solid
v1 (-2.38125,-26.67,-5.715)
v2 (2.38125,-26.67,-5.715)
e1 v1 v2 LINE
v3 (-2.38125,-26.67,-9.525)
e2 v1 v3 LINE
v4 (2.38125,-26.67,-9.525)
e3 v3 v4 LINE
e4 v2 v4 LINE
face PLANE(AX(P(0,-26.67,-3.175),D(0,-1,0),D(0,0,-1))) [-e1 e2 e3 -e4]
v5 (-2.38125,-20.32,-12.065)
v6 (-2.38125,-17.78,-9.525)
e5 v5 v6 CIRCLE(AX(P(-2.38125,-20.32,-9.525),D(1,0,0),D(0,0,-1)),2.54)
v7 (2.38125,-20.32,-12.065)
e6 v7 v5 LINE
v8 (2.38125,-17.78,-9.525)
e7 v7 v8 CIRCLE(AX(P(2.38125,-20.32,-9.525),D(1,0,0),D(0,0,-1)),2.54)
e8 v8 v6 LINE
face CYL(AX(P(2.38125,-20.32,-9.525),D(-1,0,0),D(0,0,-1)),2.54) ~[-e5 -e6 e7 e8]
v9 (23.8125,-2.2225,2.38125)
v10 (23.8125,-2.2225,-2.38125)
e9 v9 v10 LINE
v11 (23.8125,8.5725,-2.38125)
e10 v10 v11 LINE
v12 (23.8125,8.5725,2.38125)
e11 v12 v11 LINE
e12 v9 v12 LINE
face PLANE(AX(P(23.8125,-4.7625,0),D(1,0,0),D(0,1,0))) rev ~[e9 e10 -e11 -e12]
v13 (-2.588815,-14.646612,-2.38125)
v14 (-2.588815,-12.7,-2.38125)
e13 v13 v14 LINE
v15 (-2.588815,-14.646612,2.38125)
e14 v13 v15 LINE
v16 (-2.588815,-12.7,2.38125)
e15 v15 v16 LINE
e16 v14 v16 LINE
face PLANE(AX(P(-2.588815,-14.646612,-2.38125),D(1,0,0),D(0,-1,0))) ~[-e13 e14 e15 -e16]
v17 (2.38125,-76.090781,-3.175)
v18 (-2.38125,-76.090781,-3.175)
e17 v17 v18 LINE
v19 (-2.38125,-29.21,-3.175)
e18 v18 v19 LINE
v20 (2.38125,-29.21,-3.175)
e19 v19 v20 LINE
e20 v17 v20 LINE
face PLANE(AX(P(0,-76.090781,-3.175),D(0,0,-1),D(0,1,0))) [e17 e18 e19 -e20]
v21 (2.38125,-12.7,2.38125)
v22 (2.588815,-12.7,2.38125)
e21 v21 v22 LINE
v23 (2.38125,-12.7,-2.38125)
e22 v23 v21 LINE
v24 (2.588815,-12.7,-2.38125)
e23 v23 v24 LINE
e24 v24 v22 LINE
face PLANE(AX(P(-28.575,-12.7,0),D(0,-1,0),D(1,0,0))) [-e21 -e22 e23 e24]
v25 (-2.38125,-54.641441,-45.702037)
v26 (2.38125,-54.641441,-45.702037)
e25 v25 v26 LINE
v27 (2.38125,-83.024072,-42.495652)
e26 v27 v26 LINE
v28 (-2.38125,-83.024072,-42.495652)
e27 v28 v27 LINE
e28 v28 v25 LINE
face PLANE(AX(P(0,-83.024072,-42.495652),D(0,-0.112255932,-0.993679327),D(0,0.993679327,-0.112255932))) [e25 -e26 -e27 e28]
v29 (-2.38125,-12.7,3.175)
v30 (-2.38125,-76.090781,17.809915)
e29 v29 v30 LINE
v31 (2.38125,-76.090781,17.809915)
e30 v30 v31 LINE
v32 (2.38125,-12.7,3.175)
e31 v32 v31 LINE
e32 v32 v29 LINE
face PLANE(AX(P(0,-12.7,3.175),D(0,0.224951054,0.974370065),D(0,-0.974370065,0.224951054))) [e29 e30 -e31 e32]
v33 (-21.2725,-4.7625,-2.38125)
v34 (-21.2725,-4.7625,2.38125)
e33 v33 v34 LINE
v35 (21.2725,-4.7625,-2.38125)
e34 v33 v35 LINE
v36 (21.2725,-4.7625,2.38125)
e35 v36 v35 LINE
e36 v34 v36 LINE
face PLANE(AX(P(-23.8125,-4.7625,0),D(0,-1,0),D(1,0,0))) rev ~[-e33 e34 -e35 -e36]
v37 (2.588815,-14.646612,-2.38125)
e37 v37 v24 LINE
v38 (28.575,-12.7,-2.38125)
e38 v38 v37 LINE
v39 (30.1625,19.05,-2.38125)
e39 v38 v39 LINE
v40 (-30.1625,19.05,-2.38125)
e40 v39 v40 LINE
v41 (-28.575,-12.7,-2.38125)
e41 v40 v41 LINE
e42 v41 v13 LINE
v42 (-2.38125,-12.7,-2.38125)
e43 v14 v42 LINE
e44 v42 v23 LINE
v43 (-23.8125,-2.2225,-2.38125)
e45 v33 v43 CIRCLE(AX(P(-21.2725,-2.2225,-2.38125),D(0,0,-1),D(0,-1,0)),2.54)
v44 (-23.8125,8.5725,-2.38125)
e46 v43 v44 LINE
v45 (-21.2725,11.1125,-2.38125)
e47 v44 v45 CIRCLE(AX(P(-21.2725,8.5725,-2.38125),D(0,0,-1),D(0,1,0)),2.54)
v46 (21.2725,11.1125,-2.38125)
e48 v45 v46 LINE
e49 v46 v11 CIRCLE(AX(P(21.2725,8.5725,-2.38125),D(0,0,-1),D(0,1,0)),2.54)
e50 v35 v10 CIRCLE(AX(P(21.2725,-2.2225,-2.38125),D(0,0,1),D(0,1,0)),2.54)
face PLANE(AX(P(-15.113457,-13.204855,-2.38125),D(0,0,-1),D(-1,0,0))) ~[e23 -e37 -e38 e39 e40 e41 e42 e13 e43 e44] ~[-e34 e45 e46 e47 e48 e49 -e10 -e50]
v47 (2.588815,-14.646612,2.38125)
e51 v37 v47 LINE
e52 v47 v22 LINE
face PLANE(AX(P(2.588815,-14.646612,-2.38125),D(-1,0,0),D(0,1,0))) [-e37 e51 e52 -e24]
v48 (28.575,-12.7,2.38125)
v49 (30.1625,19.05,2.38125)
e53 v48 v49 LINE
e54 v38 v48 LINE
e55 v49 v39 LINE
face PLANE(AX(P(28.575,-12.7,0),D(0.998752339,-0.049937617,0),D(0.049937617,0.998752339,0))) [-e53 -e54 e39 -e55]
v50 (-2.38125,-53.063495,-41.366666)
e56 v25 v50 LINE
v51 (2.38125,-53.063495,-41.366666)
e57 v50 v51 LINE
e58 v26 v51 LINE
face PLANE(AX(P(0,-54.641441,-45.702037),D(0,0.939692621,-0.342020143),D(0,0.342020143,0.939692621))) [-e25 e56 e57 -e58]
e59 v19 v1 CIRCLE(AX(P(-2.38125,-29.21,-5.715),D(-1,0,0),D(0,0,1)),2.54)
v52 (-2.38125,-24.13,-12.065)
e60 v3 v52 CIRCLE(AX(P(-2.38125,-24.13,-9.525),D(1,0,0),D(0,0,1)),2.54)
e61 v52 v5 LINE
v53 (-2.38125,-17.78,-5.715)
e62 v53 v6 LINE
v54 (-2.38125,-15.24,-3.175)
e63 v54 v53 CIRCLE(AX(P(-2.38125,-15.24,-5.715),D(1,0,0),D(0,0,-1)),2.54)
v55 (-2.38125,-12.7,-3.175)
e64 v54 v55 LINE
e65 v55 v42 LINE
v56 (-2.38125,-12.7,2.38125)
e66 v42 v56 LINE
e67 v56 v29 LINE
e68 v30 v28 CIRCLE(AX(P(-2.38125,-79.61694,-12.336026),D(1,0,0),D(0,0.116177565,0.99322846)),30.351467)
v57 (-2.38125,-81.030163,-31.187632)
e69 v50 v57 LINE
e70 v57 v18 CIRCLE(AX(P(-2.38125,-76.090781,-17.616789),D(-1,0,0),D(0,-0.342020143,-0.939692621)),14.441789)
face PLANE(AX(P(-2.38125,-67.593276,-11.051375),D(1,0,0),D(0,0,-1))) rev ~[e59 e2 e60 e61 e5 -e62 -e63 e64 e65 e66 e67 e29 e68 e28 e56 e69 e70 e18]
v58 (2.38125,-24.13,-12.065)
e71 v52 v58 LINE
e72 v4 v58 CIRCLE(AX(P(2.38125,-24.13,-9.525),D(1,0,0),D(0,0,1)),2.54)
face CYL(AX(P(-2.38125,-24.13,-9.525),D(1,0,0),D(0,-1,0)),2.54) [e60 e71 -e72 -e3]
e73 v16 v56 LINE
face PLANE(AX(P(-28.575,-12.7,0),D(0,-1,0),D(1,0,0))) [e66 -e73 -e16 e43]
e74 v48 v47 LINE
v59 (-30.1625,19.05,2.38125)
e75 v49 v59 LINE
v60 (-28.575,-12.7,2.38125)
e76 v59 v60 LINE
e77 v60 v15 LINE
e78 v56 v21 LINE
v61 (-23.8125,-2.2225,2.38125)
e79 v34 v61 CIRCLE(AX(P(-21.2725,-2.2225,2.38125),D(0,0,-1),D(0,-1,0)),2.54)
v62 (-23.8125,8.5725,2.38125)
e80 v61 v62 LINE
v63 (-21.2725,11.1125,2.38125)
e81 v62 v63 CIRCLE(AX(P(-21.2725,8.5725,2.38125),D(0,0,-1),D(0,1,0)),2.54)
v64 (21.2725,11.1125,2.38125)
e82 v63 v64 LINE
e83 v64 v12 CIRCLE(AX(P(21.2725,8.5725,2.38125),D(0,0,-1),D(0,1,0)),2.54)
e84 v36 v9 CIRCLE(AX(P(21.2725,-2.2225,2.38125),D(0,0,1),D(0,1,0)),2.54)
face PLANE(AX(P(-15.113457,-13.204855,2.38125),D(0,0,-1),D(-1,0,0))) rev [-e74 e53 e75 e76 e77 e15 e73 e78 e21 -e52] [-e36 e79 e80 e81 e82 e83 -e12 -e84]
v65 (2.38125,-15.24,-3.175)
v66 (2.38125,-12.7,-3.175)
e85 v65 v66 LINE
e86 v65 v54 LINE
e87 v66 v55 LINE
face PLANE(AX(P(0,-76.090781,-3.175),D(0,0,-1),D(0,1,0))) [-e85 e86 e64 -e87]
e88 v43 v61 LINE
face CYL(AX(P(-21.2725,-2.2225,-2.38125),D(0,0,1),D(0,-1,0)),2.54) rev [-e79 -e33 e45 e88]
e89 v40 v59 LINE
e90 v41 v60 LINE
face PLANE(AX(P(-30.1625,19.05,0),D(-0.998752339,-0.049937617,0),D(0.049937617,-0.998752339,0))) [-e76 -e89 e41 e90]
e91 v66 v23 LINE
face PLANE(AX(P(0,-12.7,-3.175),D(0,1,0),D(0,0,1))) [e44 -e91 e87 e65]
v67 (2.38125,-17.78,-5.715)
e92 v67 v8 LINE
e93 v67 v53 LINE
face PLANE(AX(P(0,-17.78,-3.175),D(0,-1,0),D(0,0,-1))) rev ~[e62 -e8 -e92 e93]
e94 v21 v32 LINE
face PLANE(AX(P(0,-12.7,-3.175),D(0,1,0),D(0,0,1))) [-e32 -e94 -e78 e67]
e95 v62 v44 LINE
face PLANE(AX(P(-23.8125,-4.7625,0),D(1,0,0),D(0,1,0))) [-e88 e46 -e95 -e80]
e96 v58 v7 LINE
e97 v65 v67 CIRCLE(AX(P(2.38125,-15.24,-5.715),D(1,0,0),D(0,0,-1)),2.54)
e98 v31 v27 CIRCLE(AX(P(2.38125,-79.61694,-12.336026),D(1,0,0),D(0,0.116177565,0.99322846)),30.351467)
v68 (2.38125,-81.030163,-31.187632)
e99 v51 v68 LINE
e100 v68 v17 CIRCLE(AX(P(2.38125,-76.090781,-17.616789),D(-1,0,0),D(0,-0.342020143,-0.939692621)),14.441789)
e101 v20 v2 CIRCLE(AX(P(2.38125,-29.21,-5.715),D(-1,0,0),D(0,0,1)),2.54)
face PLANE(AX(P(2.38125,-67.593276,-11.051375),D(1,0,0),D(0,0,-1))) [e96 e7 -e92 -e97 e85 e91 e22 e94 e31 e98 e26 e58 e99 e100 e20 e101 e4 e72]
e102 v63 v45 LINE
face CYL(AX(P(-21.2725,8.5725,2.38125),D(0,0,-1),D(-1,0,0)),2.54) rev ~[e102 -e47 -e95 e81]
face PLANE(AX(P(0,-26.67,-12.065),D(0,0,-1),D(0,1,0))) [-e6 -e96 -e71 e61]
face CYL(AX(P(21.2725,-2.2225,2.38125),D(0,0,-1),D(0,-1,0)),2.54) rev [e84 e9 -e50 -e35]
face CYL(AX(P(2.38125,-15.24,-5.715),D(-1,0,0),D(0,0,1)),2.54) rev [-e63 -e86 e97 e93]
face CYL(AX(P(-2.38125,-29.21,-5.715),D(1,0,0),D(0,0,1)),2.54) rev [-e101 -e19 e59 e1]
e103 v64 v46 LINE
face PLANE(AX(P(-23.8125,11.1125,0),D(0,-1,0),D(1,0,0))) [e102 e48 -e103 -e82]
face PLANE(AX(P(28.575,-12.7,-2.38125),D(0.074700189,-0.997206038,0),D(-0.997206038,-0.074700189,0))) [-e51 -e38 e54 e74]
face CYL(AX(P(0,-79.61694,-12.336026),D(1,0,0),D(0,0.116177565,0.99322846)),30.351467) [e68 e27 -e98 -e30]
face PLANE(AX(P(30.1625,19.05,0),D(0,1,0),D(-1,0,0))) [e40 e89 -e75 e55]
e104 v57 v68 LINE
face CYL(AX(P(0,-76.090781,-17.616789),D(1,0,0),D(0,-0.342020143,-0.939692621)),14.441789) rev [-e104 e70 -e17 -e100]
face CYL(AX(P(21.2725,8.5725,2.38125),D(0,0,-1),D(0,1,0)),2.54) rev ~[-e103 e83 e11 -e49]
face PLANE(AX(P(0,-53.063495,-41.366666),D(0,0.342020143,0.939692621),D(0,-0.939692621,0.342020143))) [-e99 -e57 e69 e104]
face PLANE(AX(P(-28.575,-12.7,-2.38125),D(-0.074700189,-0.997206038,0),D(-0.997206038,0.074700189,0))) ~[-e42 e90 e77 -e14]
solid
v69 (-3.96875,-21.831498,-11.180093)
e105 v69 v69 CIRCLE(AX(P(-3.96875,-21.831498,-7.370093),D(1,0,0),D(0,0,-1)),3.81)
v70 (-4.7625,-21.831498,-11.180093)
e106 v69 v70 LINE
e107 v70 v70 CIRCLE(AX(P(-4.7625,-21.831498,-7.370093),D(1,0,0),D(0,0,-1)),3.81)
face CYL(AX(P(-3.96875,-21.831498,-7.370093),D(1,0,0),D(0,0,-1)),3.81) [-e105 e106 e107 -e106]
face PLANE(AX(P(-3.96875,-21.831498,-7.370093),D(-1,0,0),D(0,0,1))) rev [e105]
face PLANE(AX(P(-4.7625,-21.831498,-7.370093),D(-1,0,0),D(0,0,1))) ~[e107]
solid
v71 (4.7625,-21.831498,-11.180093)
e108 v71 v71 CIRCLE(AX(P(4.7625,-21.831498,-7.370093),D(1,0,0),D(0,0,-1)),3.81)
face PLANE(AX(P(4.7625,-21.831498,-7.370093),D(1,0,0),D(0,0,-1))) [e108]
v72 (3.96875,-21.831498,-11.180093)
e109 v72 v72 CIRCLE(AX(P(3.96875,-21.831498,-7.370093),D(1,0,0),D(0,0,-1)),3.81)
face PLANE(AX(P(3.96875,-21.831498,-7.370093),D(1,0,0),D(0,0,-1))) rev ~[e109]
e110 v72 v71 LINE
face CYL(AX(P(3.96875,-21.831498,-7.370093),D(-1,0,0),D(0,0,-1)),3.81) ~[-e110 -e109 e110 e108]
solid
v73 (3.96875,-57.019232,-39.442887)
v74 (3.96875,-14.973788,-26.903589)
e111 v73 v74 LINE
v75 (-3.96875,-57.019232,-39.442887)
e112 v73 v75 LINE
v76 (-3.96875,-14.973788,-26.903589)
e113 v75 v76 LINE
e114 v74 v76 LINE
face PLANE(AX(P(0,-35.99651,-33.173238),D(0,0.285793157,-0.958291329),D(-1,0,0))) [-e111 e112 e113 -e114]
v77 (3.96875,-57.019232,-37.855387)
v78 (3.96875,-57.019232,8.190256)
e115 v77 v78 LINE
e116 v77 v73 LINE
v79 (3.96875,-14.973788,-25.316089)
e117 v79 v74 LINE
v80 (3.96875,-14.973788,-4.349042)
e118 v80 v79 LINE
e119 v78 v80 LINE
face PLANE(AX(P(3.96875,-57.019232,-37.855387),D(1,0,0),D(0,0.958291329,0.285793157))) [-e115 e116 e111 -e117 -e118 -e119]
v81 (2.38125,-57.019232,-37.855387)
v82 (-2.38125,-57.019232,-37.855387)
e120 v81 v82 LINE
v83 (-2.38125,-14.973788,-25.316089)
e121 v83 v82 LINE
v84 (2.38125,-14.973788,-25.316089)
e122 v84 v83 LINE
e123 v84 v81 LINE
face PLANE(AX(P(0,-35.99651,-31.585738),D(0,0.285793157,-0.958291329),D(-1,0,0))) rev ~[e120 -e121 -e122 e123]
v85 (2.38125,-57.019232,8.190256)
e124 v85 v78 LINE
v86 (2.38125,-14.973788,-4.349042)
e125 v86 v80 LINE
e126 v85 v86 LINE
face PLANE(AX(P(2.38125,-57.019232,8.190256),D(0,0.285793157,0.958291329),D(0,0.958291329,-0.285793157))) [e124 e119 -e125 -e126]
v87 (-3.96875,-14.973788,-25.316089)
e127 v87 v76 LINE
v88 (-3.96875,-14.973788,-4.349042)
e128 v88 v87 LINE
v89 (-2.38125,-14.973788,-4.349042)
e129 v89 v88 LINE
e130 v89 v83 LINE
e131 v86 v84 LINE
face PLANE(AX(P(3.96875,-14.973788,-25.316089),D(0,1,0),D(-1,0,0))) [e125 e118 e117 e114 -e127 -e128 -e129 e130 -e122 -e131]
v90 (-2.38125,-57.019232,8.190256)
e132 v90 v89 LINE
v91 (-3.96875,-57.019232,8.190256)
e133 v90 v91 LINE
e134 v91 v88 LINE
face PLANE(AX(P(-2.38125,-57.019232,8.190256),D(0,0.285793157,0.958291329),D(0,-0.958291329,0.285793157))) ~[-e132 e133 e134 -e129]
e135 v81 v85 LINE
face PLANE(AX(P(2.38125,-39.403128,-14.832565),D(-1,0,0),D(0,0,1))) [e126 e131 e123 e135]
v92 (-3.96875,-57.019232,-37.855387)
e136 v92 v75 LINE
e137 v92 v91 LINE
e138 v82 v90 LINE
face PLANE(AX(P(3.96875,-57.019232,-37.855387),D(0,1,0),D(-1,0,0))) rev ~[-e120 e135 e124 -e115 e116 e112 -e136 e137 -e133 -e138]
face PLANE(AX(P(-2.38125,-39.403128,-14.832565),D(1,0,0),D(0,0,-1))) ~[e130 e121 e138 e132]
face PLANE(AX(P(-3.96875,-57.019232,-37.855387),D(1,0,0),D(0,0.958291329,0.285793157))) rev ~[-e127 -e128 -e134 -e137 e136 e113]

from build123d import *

# Parameters (mm, degrees)
SKETCH1_W           = 47.625
SKETCH1_H           = 15.875
BOSS_EXTRUDE1_DEPTH = 2.38125
BOSS_EXTRUDE2_DEPTH = 2.38125
BOSS_EXTRUDE3_DEPTH = 1.5875
SKETCH4_W           = 7.9375
SKETCH4_H           = 43.875429772
BOSS_EXTRUDE4_DEPTH = 1.5875
SKETCH5_W           = 8.89
SKETCH5_H           = 8.89
BOSS_EXTRUDE5_DEPTH = 2.38125
FILLET4_R           = 2.54
SKETCH6_R           = 3.81
BOSS_EXTRUDE6_DEPTH = 0.79375
BOSS_EXTRUDE7_DEPTH = 4.7625
FILLET5_R           = 2.54


with BuildPart() as part:
    # Sketch1 → Boss-Extrude1 (new body, symmetric)
    with BuildSketch(Plane.XY):
        Polygon((30.1625, 19.05), (-30.1625, 19.05), (-28.575, -12.7), (28.575, -12.7), align=None)
        with Locations((0, 3.175)):
            Rectangle(SKETCH1_W, SKETCH1_H, mode=Mode.SUBTRACT)
    extrude(amount=BOSS_EXTRUDE1_DEPTH, both=True)

    # Sketch2 → Boss-Extrude2 (add, symmetric)
    with BuildSketch(Plane(origin=(0, 0, 0), x_dir=(0, 0, -1), z_dir=(1, 0, 0))):
        with BuildLine():
            Line((-3.175, -12.7), (-17.80991483, -76.090780508))
            ThreePointArc((-17.80991483, -76.090780508), (8.869373473, -109.769781966), (42.495651539, -83.024072273))
            Line((42.495651539, -83.024072273), (45.702036783, -54.641440894))
            Line((45.702036783, -54.641440894), (41.366666318, -53.06349509))
            Line((41.366666318, -53.06349509), (31.187631555, -81.030163252))
            ThreePointArc((31.187631555, -81.030163252), (15.108998658, -90.313166283), (3.175, -76.090780508))
            Line((3.175, -76.090780508), (3.175, -12.7))
            Line((3.175, -12.7), (-3.175, -12.7))
        make_face()
    extrude(amount=BOSS_EXTRUDE2_DEPTH, both=True)

    # Sketch5 → Boss-Extrude5 (add, symmetric)
    with BuildSketch(Plane(origin=(0, 0, 0), x_dir=(0, 0, -1), z_dir=(1, 0, 0))):
        with Locations((7.62, -22.225)):
            Rectangle(SKETCH5_W, SKETCH5_H)
    extrude(amount=BOSS_EXTRUDE5_DEPTH, both=True)

    # Fillet4
    fillet4_edges = [part.edges().sort_by_distance(p)[0] for p in [
        (0, -17.78, -3.175),
        (0, -26.67, -3.175),
        (0, -26.67, -12.065),
        (0, -17.78, -12.065),
    ]]
    fillet(fillet4_edges, radius=FILLET4_R)


with BuildPart() as body_2:
    # Sketch3 → Boss-Extrude3 (new body)
    with BuildSketch(Plane(origin=(2.38125, 0, 0), x_dir=(0, 0, -1), z_dir=(1, 0, 0))):
        Polygon((37.855386763, -57.019232038), (-8.190255907, -57.019232038), (4.349041665, -14.973788123), (25.316089191, -14.973788123), align=None)
    extrude(amount=BOSS_EXTRUDE3_DEPTH)


with BuildPart() as body_3:
    # Mirror1: mirrored copy
    add(body_2.part.mirror(Plane(origin=(0, 0, 0), x_dir=(0, 0, 1), z_dir=(1, 0, 0))))


with BuildPart() as body_2_1:
    add(body_2.part)

    add(body_3.part)  # Boss-Extrude4 merges body 3
    # Sketch4 → Boss-Extrude4 (add, along a direction that is not the sketch's normal)
    with BuildSketch(Plane(origin=(0, 5.710370927, -19.147410704), x_dir=(-1, 0, 0), z_dir=(0, 0.285793157, -0.958291329))):
        with Locations((0, -43.522131252)):
            Rectangle(SKETCH4_W, SKETCH4_H)
    extrude(amount=BOSS_EXTRUDE4_DEPTH, dir=(0, 0, -1))


with BuildPart() as body_3_2:
    # Sketch6 → Boss-Extrude6 (new body)
    with BuildSketch(Plane(origin=(3.96875, 0, 0), x_dir=(0, 0, -1), z_dir=(1, 0, 0))):
        with Locations((7.3700929, -21.831498009)):
            Circle(SKETCH6_R)
    extrude(amount=BOSS_EXTRUDE6_DEPTH)


with BuildPart() as body_4:
    # Mirror2: mirrored copy
    add(body_3_2.part.mirror(Plane(origin=(0, 0, 0), x_dir=(0, 0, 1), z_dir=(1, 0, 0))))


with BuildPart() as body_5:
    # Sketch7 → Boss-Extrude7 (new body)
    with BuildSketch(Plane(origin=(0, 0, -2.38125), x_dir=(-1, 0, 0), z_dir=(0, 0, -1))):
        Polygon((-28.575, -12.7), (-2.588815181, -14.646611678), (-2.588815181, -12.7), align=None)
    extrude(amount=-BOSS_EXTRUDE7_DEPTH)


with BuildPart() as body_6:
    # Mirror3: mirrored copy
    add(body_5.part.mirror(Plane(origin=(0, 0, 0), x_dir=(0, 0, 1), z_dir=(1, 0, 0))))


with BuildPart() as body_5_1:
    add(body_5.part)

    # Combine1: union part, body 6
    add(part.part)
    add(body_6.part)

    # Fillet5
    fillet5_edges = [body_5_1.edges().sort_by_distance(p)[0] for p in [
        (-23.8125, -4.7625, 0),
        (23.8125, -4.7625, 0),
        (23.8125, 11.1125, 0),
        (-23.8125, 11.1125, 0),
    ]]
    fillet(fillet5_edges, radius=FILLET5_R)


solid = Compound([body_2_1.part, body_3_2.part, body_4.part, body_5_1.part])
